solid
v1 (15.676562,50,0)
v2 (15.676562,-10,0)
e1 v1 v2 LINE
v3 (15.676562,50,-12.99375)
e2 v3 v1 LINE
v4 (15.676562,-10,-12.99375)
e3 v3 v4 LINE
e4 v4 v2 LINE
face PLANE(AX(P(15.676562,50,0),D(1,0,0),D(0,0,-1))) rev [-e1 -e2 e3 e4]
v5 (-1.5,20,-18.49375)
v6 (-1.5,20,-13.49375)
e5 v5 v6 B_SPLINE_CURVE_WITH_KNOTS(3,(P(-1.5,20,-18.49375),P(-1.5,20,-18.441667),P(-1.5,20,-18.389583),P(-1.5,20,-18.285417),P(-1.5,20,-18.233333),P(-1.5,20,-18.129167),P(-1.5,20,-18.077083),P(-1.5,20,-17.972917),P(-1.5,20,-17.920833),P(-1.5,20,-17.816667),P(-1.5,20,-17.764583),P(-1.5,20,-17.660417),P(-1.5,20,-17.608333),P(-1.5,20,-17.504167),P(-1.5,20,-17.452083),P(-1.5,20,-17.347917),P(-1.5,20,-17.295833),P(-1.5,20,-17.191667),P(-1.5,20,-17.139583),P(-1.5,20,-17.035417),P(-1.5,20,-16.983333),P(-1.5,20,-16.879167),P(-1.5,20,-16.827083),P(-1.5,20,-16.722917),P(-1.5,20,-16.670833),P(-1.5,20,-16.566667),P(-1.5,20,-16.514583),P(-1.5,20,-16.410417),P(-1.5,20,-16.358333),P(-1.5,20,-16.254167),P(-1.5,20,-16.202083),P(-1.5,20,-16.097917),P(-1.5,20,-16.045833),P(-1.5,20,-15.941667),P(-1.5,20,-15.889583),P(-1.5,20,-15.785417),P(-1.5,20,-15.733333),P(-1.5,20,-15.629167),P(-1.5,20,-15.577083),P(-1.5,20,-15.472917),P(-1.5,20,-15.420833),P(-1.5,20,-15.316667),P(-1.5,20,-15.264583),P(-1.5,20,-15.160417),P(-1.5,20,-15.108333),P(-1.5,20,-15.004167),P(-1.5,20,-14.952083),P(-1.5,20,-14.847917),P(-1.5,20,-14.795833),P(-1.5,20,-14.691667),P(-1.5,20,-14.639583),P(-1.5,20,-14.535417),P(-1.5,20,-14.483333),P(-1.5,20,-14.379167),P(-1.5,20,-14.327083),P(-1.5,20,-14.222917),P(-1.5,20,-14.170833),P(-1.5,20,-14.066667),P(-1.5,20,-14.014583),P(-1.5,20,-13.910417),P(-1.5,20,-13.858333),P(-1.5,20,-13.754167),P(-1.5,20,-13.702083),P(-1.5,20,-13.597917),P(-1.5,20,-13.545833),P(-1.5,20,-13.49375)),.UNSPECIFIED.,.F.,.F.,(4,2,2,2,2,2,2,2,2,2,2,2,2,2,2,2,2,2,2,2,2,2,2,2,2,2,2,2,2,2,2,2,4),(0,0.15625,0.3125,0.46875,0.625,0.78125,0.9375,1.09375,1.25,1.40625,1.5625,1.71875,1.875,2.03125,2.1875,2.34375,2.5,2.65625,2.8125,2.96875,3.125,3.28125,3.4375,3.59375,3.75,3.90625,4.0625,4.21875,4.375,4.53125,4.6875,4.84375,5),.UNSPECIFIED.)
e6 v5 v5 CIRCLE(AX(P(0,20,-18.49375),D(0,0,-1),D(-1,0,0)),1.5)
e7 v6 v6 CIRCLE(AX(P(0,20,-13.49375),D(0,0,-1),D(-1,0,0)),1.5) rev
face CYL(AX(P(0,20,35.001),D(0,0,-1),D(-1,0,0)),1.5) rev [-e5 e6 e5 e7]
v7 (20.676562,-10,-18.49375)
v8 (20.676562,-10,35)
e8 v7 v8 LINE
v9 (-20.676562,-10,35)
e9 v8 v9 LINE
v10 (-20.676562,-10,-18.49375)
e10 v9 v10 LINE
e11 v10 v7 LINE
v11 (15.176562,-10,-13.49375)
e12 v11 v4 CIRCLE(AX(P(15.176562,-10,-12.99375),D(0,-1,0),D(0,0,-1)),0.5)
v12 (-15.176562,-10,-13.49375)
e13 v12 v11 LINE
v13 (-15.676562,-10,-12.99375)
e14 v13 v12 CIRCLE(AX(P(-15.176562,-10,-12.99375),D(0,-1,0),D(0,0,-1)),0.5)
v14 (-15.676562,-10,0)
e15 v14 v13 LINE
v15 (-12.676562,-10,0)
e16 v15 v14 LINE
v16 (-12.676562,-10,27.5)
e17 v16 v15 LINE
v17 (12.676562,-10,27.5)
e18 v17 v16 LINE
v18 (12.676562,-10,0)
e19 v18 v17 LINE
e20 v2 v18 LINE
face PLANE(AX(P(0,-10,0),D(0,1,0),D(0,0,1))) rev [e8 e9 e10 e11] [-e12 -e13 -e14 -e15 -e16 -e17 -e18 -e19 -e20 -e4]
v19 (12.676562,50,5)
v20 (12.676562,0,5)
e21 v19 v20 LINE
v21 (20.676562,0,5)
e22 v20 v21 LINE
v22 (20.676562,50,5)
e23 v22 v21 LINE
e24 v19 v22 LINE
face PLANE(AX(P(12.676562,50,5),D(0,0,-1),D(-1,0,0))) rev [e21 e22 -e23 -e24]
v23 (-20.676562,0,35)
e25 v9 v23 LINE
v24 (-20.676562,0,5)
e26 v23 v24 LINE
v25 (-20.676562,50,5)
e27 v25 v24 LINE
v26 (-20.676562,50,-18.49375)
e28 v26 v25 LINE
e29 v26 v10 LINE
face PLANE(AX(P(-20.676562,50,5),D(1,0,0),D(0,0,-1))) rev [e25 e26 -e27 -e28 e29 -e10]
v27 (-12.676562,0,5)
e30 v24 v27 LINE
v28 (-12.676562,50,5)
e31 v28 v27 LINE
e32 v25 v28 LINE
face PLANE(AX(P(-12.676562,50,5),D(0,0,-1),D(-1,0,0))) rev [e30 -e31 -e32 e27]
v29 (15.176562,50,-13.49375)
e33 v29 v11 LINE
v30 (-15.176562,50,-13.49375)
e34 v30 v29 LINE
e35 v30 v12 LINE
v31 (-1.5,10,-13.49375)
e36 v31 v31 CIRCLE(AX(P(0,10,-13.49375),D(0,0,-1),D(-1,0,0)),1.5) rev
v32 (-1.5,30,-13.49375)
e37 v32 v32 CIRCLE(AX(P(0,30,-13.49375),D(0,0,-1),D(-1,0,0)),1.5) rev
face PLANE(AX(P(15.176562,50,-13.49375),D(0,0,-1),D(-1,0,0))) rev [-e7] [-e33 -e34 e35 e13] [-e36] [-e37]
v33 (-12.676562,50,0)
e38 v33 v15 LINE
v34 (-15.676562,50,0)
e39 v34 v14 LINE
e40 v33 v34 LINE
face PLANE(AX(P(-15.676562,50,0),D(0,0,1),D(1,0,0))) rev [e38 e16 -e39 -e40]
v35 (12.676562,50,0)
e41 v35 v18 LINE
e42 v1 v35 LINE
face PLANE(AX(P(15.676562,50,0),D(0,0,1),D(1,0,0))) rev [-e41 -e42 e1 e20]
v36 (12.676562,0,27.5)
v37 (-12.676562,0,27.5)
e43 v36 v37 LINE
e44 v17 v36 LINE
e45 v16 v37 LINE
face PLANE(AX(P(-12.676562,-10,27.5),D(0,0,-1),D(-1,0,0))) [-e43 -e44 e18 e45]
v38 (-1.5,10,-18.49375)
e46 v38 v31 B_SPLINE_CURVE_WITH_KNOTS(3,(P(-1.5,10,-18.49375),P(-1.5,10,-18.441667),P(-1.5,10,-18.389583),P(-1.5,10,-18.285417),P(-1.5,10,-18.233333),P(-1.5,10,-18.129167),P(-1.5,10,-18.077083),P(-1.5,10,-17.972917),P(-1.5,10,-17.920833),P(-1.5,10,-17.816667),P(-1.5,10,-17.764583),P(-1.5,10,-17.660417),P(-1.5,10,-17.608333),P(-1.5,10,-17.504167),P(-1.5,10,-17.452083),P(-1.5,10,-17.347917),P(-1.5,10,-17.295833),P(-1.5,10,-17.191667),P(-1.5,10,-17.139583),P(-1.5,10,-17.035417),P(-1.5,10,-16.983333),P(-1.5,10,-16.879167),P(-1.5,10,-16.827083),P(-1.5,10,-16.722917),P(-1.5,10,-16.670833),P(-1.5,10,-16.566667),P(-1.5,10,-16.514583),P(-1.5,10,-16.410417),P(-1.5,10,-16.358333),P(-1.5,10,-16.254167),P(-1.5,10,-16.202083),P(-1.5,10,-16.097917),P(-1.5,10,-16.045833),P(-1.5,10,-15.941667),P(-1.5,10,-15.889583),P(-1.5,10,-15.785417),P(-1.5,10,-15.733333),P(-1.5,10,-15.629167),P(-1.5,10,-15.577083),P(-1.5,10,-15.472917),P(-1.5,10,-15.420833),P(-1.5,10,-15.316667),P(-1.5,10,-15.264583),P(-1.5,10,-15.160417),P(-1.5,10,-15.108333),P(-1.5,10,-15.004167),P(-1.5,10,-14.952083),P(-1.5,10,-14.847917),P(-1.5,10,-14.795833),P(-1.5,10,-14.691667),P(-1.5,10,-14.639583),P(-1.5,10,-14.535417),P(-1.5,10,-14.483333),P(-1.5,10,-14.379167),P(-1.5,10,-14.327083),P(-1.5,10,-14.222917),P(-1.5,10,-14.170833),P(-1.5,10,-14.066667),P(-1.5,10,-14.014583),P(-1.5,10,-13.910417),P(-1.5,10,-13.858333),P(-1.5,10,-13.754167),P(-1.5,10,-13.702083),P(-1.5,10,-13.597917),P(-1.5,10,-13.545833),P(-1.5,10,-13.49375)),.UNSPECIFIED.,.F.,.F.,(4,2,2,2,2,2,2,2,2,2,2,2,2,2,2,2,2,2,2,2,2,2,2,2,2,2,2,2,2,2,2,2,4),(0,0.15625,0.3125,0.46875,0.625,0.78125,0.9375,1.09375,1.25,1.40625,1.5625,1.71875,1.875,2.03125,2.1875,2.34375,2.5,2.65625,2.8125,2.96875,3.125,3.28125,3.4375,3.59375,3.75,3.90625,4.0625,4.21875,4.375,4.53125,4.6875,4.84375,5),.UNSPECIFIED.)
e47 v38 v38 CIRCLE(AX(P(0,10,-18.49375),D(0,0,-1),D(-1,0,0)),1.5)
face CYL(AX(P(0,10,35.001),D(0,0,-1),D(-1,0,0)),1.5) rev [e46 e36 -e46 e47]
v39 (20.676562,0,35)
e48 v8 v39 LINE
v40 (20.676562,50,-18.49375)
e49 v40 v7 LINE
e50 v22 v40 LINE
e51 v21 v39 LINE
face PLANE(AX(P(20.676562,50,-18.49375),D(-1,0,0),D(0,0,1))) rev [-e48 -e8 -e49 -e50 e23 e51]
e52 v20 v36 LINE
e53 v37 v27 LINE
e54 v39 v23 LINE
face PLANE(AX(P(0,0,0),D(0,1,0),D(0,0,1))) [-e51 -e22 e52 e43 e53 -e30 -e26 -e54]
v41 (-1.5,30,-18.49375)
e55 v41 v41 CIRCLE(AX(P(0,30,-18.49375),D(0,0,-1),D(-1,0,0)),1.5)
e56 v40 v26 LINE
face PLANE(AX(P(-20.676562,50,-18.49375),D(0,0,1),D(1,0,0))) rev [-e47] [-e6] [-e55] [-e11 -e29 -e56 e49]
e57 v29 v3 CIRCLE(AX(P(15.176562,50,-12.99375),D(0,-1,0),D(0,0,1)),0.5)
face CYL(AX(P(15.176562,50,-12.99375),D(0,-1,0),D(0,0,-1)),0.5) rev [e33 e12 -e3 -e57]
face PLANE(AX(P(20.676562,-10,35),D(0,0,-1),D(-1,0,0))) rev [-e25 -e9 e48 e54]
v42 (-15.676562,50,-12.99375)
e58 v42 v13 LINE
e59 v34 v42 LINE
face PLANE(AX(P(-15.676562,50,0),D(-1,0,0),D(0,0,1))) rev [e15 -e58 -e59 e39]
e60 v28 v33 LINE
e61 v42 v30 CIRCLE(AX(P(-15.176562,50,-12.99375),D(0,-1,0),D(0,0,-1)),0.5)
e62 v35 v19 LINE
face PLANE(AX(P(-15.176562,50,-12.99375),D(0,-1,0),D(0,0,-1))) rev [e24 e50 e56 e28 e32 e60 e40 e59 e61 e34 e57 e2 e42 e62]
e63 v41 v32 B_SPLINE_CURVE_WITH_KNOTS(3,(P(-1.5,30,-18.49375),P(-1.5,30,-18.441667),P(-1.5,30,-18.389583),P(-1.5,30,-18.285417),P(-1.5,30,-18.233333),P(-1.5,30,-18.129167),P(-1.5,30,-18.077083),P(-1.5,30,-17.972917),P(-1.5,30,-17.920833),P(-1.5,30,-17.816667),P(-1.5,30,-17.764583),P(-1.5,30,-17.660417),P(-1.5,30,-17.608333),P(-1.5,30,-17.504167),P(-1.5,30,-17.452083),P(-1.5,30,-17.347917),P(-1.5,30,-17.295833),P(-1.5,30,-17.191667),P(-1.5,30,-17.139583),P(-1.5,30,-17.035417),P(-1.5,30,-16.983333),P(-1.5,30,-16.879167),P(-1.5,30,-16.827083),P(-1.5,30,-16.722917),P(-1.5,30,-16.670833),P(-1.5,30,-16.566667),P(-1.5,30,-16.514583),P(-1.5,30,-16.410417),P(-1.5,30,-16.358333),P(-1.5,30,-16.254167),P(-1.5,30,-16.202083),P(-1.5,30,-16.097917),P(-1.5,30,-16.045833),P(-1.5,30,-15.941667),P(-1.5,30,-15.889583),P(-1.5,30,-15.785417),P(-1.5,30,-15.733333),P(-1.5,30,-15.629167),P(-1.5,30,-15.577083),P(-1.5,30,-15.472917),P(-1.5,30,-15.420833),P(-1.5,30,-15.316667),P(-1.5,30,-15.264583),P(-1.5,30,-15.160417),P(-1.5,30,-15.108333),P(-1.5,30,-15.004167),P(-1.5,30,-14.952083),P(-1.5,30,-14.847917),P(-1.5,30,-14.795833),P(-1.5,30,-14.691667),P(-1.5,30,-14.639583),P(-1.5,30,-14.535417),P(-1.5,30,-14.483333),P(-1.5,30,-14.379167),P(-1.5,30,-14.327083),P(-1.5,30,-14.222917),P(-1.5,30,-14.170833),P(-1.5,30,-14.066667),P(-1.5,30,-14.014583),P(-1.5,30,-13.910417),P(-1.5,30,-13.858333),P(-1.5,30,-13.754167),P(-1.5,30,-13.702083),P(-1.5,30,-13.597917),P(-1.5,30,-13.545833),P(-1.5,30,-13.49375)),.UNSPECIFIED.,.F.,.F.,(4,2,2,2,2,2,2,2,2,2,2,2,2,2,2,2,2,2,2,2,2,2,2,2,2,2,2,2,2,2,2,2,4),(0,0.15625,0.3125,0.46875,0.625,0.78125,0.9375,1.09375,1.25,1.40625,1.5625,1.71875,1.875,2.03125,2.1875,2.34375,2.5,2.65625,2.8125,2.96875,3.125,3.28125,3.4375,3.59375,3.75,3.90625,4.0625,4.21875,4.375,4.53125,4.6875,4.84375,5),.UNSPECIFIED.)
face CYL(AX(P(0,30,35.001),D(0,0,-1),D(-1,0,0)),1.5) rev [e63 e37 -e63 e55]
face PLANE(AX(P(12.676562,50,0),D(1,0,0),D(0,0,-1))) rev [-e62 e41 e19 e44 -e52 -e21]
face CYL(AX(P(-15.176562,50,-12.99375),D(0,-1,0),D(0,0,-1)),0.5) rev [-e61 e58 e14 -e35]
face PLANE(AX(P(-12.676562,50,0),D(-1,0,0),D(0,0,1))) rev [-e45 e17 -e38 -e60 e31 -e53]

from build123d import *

# Parameters (mm, degrees)
BOSS_EXTRUDE1_DEPTH = 50
BOSS_EXTRUDE2_START = 10
BOSS_EXTRUDE2_DEPTH = 10
CUT_EXTRUDE1_REACH  = 78.086
SKETCH3_R           = 1.5


with BuildPart() as part:
    # Sketch1 → Boss-Extrude1 (new body)
    with BuildSketch(Plane(origin=(0, 0, 0), x_dir=(1, 0, 0), z_dir=(0, 1, 0))):
        with BuildLine():
            Line((15.6765625, 0), (15.6765625, 12.99375))
            ThreePointArc((15.6765625, 12.99375), (15.530115891, 13.347303391), (15.1765625, 13.49375))
            Line((15.1765625, 13.49375), (-15.1765625, 13.49375))
            ThreePointArc((-15.1765625, 13.49375), (-15.530115891, 13.347303391), (-15.6765625, 12.99375))
            Line((-15.6765625, 12.99375), (-15.6765625, 0))
            Line((-15.6765625, 0), (-12.6765625, 0))
            Line((-12.6765625, 0), (-12.6765625, -5))
            Line((-12.6765625, -5), (-20.6765625, -5))
            Line((-20.6765625, -5), (-20.6765625, 0))
            Line((-20.6765625, 0), (-20.6765625, 18.49375))
            Line((-20.6765625, 18.49375), (20.6765625, 18.49375))
            Line((20.6765625, 18.49375), (20.6765625, 0))
            Line((20.6765625, 0), (20.6765625, -5))
            Line((20.6765625, -5), (12.6765625, -5))
            Line((12.6765625, -5), (12.6765625, 0))
            Line((12.6765625, 0), (15.6765625, 0))
        make_face()
    extrude(amount=BOSS_EXTRUDE1_DEPTH)

    # Sketch2 → Boss-Extrude2 (add)
    with BuildSketch(Plane.XZ.offset(BOSS_EXTRUDE2_START)):
        Polygon((-20.6765625, -18.49375), (-20.6765625, 5), (-20.6765625, 35), (20.6765625, 35), (20.6765625, 5), (20.6765625, -18.49375), align=None)
        with BuildLine():
            Line((-12.6765625, 5), (-12.6765625, 0))
            Line((-12.6765625, 0), (-15.6765625, 0))
            Line((-15.6765625, 0), (-15.6765625, -12.99375))
            ThreePointArc((-15.6765625, -12.99375), (-15.530115891, -13.347303391), (-15.1765625, -13.49375))
            Line((-15.1765625, -13.49375), (15.1765625, -13.49375))
            ThreePointArc((15.1765625, -13.49375), (15.530115891, -13.347303391), (15.6765625, -12.99375))
            Line((15.6765625, -12.99375), (15.6765625, 0))
            Line((15.6765625, 0), (12.6765625, 0))
            Line((12.6765625, 0), (12.6765625, 5))
            Line((12.6765625, 5), (12.6765625, 27.5))
            Line((12.6765625, 27.5), (-12.6765625, 27.5))
            Line((-12.6765625, 27.5), (-12.6765625, 5))
        make_face(mode=Mode.SUBTRACT)
    extrude(amount=-BOSS_EXTRUDE2_DEPTH)

    # Sketch3 → Cut-Extrude1 (cut, up to next)
    with BuildSketch(Plane(origin=(0, 0, -18.49375), x_dir=(-1, 0, 0), z_dir=(0, 0, -1)), mode=Mode.PRIVATE) as cut_extrude1_sk1:
        with Locations((0, 10)):
            Circle(SKETCH3_R)
    cut_extrude1_tool1 = extrude(cut_extrude1_sk1.sketch, amount=-CUT_EXTRUDE1_REACH, mode=Mode.PRIVATE) & part.part
    # Sketch3 → Cut-Extrude1 (cut, up to next)
    with BuildSketch(Plane(origin=(0, 0, -18.49375), x_dir=(-1, 0, 0), z_dir=(0, 0, -1)), mode=Mode.PRIVATE) as cut_extrude1_sk2:
        with Locations((0, 20)):
            Circle(SKETCH3_R)
    cut_extrude1_tool2 = extrude(cut_extrude1_sk2.sketch, amount=-CUT_EXTRUDE1_REACH, mode=Mode.PRIVATE) & part.part
    # Sketch3 → Cut-Extrude1 (cut, up to next)
    with BuildSketch(Plane(origin=(0, 0, -18.49375), x_dir=(-1, 0, 0), z_dir=(0, 0, -1)), mode=Mode.PRIVATE) as cut_extrude1_sk3:
        with Locations((0, 30)):
            Circle(SKETCH3_R)
    cut_extrude1_tool3 = extrude(cut_extrude1_sk3.sketch, amount=-CUT_EXTRUDE1_REACH, mode=Mode.PRIVATE) & part.part
    add(cut_extrude1_tool1.solids().sort_by_distance((0, 10, -18.49375))[0], mode=Mode.SUBTRACT)
    add(cut_extrude1_tool2.solids().sort_by_distance((0, 20, -18.49375))[0], mode=Mode.SUBTRACT)
    add(cut_extrude1_tool3.solids().sort_by_distance((0, 30, -18.49375))[0], mode=Mode.SUBTRACT)


solid = part.part
